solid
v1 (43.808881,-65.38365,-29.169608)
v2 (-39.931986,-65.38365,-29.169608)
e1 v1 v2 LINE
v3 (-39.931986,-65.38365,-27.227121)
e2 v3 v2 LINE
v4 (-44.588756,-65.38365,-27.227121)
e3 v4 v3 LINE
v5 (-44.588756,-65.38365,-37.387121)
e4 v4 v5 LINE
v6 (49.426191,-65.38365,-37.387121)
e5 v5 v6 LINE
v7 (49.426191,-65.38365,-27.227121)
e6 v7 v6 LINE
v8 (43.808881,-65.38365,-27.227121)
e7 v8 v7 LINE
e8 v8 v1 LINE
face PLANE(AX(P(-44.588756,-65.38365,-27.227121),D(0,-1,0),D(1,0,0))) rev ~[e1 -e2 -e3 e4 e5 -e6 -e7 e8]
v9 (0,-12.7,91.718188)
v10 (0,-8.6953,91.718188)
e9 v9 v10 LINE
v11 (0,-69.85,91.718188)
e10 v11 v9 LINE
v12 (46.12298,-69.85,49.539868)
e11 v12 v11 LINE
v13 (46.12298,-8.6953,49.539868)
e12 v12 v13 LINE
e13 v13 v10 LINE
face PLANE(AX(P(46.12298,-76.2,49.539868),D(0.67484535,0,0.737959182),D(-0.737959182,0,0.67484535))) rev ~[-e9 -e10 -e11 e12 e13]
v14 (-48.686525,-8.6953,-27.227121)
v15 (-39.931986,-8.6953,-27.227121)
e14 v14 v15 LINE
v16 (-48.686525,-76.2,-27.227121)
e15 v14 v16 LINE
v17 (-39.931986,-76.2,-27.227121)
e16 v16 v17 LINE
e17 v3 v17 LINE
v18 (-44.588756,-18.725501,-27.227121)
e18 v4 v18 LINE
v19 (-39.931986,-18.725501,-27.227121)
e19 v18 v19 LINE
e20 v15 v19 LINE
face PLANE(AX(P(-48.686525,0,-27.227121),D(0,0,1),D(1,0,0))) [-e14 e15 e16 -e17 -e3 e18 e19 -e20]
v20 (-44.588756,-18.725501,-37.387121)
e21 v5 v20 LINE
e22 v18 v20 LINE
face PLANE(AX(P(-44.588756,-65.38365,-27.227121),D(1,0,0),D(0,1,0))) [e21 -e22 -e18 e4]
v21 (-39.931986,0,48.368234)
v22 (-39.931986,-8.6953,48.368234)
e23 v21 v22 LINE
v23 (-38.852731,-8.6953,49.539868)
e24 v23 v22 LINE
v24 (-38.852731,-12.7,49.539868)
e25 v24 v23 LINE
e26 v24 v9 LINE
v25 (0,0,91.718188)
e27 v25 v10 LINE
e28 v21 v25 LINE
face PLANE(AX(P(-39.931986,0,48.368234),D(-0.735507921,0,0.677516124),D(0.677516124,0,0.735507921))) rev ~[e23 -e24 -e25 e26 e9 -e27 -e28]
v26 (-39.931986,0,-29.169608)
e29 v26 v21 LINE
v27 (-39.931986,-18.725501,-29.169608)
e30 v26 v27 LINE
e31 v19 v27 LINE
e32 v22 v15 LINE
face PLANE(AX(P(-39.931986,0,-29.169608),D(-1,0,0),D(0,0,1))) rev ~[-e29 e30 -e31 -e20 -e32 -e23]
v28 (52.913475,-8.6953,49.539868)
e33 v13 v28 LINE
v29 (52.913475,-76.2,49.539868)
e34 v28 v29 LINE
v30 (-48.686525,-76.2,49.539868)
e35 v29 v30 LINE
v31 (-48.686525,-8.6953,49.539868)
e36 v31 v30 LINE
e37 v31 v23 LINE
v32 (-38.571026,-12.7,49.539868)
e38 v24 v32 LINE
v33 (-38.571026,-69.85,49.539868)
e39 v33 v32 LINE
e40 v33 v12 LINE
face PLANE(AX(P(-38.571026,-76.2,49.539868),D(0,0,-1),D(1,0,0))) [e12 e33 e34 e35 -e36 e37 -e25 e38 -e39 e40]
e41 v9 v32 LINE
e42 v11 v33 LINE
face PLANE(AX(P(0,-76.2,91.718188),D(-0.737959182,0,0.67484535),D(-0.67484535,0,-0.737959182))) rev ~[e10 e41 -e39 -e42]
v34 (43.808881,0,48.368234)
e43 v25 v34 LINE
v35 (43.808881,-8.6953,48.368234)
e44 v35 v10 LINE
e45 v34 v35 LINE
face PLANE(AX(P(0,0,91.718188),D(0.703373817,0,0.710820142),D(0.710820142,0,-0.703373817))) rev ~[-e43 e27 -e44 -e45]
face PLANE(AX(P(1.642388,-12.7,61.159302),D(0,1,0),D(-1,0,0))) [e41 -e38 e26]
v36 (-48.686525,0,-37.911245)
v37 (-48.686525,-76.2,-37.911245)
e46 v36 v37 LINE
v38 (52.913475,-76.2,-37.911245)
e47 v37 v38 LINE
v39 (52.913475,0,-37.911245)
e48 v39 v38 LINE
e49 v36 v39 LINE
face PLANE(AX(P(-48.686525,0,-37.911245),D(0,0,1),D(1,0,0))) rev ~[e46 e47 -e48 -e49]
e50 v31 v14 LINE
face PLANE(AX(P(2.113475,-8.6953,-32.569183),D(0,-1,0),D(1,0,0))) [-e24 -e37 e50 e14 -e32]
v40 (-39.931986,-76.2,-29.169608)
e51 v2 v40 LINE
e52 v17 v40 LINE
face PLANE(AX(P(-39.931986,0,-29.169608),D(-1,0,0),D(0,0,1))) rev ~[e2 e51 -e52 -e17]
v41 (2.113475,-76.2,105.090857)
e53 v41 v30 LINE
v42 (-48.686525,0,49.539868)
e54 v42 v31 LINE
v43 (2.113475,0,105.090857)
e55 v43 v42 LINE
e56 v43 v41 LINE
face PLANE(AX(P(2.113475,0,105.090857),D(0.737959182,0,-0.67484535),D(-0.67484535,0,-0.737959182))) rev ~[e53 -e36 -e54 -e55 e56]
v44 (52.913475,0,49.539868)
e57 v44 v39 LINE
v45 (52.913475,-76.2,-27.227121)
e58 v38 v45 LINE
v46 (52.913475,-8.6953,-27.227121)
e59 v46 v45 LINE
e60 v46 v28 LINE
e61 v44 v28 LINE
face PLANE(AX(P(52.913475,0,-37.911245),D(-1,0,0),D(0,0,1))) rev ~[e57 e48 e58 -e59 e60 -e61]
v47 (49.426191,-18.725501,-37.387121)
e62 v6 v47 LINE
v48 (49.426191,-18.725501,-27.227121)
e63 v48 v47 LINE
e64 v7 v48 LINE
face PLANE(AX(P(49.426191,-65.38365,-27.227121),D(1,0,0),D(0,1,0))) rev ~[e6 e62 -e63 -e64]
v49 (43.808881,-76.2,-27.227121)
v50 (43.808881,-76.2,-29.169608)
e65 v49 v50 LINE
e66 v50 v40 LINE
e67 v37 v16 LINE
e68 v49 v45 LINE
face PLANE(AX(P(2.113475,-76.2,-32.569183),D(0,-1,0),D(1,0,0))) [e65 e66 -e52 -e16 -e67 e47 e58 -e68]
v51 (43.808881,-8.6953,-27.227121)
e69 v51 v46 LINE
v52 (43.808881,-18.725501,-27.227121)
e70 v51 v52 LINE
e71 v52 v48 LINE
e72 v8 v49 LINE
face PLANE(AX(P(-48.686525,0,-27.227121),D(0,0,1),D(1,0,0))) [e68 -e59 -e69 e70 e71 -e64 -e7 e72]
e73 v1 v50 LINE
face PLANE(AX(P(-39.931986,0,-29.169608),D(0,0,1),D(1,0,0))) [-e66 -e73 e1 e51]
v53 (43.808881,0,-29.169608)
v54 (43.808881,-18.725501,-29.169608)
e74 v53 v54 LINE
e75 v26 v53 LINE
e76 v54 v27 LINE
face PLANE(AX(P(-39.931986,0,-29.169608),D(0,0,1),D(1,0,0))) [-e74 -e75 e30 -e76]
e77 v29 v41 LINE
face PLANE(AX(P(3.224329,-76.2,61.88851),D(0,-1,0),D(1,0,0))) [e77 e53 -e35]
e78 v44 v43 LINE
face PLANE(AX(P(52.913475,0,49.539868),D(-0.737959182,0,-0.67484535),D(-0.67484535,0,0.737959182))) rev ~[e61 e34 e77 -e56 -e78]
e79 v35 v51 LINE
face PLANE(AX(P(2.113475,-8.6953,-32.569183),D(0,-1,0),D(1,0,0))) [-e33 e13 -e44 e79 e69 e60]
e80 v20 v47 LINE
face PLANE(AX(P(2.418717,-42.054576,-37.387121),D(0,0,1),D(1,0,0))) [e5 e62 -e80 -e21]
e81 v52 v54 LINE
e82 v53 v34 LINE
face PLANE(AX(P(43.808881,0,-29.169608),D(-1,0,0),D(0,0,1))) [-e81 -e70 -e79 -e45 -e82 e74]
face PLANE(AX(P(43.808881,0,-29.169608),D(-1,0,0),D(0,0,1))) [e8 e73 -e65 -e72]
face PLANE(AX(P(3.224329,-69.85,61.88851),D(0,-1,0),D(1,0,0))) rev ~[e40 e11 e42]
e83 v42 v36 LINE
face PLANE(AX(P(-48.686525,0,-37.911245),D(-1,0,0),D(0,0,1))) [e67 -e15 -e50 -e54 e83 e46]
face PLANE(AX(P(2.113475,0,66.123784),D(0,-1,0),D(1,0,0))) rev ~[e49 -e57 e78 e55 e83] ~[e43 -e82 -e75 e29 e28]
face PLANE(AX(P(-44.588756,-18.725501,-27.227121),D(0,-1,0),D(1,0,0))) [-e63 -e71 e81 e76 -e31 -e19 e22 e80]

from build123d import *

# Parameters (mm, degrees)
F0_W      = 101.6
F0_H      = 10.6841248744
F1_DEPTH  = 76.2
F2_W      = 101.6
F2_H      = 10.6841248744
F2_H_2    = 76.766988388
F3_DEPTH  = 8.6953
F5_DEPTH  = 76.2
F6_W      = 94.0149463713
F6_H      = 46.6581489891
F7_DEPTH  = 10.16
F9_DEPTH  = 67.5047
F11_DEPTH = 6.35
F12_W     = 83.7408676744
F12_H     = 77.5378420949
F13_DEPTH = 76.201
F15_DEPTH = 12.7


with BuildPart() as f1:
    # F0 (on Front) → F1 (new body)
    with BuildSketch(Plane.XZ):
        with Locations((2.113474533, -32.5691830367)):
            Rectangle(F0_W, F0_H)
    extrude(amount=F1_DEPTH)

    # F2 (on Front) → F3 (join)
    with BuildSketch(Plane.XZ):
        with Locations((2.113474533, -32.5691830367)):
            Rectangle(F2_W, F2_H)
        with Locations((2.113474533, 11.1563735945)):
            Rectangle(F2_W, F2_H_2)
    extrude(amount=F3_DEPTH)

    # F4 (on Front) → F5 (join)
    with BuildSketch(Plane.XZ):
        Polygon((2.113474533, 105.0908565521), (-48.686525467, 49.5398677886), (52.913474533, 49.5398677886), align=None)
    extrude(amount=F5_DEPTH)

    # F6 (on face) → F7 (cut)
    with BuildSketch(Plane.XY.offset(-27.2271205995)):
        with Locations((2.4187173694, -42.054575868)):
            Rectangle(F6_W, F6_H)
    extrude(amount=-F7_DEPTH, mode=Mode.SUBTRACT)

    # F8 (on face) → F9 (cut, through all)
    with BuildSketch(Plane.XZ.offset(76.2)):
        Polygon((0, 91.7181875073), (-38.5710261762, 49.5398677886), (46.1229796213, 49.5398677886), align=None)
    extrude(amount=-F9_DEPTH, mode=Mode.SUBTRACT)

    # F10 (on face) → F11 (join)
    with BuildSketch(Plane.XZ.offset(76.2)):
        Polygon((0, 91.7181875073), (-38.5710261762, 49.5398677886), (46.1229796213, 49.5398677886), align=None)
    extrude(amount=-F11_DEPTH)

    # F12 (on Front) → F13 (cut, through all)
    with BuildSketch(Plane.XZ):
        with Locations((1.9384473562, 9.5993131399)):
            Rectangle(F12_W, F12_H)
    extrude(amount=F13_DEPTH, mode=Mode.SUBTRACT)

    # F14 (on face) → F15 (cut)
    with BuildSketch(Plane(origin=(0, 0, 0), x_dir=(-1, 0, 0), z_dir=(0, 1, 0))):
        Polygon((0, 91.7181875073), (-43.8088811934, 48.3682341874), (39.931986481, 48.3682341874), align=None)
    extrude(amount=-F15_DEPTH, mode=Mode.SUBTRACT)


solid = f1.part
